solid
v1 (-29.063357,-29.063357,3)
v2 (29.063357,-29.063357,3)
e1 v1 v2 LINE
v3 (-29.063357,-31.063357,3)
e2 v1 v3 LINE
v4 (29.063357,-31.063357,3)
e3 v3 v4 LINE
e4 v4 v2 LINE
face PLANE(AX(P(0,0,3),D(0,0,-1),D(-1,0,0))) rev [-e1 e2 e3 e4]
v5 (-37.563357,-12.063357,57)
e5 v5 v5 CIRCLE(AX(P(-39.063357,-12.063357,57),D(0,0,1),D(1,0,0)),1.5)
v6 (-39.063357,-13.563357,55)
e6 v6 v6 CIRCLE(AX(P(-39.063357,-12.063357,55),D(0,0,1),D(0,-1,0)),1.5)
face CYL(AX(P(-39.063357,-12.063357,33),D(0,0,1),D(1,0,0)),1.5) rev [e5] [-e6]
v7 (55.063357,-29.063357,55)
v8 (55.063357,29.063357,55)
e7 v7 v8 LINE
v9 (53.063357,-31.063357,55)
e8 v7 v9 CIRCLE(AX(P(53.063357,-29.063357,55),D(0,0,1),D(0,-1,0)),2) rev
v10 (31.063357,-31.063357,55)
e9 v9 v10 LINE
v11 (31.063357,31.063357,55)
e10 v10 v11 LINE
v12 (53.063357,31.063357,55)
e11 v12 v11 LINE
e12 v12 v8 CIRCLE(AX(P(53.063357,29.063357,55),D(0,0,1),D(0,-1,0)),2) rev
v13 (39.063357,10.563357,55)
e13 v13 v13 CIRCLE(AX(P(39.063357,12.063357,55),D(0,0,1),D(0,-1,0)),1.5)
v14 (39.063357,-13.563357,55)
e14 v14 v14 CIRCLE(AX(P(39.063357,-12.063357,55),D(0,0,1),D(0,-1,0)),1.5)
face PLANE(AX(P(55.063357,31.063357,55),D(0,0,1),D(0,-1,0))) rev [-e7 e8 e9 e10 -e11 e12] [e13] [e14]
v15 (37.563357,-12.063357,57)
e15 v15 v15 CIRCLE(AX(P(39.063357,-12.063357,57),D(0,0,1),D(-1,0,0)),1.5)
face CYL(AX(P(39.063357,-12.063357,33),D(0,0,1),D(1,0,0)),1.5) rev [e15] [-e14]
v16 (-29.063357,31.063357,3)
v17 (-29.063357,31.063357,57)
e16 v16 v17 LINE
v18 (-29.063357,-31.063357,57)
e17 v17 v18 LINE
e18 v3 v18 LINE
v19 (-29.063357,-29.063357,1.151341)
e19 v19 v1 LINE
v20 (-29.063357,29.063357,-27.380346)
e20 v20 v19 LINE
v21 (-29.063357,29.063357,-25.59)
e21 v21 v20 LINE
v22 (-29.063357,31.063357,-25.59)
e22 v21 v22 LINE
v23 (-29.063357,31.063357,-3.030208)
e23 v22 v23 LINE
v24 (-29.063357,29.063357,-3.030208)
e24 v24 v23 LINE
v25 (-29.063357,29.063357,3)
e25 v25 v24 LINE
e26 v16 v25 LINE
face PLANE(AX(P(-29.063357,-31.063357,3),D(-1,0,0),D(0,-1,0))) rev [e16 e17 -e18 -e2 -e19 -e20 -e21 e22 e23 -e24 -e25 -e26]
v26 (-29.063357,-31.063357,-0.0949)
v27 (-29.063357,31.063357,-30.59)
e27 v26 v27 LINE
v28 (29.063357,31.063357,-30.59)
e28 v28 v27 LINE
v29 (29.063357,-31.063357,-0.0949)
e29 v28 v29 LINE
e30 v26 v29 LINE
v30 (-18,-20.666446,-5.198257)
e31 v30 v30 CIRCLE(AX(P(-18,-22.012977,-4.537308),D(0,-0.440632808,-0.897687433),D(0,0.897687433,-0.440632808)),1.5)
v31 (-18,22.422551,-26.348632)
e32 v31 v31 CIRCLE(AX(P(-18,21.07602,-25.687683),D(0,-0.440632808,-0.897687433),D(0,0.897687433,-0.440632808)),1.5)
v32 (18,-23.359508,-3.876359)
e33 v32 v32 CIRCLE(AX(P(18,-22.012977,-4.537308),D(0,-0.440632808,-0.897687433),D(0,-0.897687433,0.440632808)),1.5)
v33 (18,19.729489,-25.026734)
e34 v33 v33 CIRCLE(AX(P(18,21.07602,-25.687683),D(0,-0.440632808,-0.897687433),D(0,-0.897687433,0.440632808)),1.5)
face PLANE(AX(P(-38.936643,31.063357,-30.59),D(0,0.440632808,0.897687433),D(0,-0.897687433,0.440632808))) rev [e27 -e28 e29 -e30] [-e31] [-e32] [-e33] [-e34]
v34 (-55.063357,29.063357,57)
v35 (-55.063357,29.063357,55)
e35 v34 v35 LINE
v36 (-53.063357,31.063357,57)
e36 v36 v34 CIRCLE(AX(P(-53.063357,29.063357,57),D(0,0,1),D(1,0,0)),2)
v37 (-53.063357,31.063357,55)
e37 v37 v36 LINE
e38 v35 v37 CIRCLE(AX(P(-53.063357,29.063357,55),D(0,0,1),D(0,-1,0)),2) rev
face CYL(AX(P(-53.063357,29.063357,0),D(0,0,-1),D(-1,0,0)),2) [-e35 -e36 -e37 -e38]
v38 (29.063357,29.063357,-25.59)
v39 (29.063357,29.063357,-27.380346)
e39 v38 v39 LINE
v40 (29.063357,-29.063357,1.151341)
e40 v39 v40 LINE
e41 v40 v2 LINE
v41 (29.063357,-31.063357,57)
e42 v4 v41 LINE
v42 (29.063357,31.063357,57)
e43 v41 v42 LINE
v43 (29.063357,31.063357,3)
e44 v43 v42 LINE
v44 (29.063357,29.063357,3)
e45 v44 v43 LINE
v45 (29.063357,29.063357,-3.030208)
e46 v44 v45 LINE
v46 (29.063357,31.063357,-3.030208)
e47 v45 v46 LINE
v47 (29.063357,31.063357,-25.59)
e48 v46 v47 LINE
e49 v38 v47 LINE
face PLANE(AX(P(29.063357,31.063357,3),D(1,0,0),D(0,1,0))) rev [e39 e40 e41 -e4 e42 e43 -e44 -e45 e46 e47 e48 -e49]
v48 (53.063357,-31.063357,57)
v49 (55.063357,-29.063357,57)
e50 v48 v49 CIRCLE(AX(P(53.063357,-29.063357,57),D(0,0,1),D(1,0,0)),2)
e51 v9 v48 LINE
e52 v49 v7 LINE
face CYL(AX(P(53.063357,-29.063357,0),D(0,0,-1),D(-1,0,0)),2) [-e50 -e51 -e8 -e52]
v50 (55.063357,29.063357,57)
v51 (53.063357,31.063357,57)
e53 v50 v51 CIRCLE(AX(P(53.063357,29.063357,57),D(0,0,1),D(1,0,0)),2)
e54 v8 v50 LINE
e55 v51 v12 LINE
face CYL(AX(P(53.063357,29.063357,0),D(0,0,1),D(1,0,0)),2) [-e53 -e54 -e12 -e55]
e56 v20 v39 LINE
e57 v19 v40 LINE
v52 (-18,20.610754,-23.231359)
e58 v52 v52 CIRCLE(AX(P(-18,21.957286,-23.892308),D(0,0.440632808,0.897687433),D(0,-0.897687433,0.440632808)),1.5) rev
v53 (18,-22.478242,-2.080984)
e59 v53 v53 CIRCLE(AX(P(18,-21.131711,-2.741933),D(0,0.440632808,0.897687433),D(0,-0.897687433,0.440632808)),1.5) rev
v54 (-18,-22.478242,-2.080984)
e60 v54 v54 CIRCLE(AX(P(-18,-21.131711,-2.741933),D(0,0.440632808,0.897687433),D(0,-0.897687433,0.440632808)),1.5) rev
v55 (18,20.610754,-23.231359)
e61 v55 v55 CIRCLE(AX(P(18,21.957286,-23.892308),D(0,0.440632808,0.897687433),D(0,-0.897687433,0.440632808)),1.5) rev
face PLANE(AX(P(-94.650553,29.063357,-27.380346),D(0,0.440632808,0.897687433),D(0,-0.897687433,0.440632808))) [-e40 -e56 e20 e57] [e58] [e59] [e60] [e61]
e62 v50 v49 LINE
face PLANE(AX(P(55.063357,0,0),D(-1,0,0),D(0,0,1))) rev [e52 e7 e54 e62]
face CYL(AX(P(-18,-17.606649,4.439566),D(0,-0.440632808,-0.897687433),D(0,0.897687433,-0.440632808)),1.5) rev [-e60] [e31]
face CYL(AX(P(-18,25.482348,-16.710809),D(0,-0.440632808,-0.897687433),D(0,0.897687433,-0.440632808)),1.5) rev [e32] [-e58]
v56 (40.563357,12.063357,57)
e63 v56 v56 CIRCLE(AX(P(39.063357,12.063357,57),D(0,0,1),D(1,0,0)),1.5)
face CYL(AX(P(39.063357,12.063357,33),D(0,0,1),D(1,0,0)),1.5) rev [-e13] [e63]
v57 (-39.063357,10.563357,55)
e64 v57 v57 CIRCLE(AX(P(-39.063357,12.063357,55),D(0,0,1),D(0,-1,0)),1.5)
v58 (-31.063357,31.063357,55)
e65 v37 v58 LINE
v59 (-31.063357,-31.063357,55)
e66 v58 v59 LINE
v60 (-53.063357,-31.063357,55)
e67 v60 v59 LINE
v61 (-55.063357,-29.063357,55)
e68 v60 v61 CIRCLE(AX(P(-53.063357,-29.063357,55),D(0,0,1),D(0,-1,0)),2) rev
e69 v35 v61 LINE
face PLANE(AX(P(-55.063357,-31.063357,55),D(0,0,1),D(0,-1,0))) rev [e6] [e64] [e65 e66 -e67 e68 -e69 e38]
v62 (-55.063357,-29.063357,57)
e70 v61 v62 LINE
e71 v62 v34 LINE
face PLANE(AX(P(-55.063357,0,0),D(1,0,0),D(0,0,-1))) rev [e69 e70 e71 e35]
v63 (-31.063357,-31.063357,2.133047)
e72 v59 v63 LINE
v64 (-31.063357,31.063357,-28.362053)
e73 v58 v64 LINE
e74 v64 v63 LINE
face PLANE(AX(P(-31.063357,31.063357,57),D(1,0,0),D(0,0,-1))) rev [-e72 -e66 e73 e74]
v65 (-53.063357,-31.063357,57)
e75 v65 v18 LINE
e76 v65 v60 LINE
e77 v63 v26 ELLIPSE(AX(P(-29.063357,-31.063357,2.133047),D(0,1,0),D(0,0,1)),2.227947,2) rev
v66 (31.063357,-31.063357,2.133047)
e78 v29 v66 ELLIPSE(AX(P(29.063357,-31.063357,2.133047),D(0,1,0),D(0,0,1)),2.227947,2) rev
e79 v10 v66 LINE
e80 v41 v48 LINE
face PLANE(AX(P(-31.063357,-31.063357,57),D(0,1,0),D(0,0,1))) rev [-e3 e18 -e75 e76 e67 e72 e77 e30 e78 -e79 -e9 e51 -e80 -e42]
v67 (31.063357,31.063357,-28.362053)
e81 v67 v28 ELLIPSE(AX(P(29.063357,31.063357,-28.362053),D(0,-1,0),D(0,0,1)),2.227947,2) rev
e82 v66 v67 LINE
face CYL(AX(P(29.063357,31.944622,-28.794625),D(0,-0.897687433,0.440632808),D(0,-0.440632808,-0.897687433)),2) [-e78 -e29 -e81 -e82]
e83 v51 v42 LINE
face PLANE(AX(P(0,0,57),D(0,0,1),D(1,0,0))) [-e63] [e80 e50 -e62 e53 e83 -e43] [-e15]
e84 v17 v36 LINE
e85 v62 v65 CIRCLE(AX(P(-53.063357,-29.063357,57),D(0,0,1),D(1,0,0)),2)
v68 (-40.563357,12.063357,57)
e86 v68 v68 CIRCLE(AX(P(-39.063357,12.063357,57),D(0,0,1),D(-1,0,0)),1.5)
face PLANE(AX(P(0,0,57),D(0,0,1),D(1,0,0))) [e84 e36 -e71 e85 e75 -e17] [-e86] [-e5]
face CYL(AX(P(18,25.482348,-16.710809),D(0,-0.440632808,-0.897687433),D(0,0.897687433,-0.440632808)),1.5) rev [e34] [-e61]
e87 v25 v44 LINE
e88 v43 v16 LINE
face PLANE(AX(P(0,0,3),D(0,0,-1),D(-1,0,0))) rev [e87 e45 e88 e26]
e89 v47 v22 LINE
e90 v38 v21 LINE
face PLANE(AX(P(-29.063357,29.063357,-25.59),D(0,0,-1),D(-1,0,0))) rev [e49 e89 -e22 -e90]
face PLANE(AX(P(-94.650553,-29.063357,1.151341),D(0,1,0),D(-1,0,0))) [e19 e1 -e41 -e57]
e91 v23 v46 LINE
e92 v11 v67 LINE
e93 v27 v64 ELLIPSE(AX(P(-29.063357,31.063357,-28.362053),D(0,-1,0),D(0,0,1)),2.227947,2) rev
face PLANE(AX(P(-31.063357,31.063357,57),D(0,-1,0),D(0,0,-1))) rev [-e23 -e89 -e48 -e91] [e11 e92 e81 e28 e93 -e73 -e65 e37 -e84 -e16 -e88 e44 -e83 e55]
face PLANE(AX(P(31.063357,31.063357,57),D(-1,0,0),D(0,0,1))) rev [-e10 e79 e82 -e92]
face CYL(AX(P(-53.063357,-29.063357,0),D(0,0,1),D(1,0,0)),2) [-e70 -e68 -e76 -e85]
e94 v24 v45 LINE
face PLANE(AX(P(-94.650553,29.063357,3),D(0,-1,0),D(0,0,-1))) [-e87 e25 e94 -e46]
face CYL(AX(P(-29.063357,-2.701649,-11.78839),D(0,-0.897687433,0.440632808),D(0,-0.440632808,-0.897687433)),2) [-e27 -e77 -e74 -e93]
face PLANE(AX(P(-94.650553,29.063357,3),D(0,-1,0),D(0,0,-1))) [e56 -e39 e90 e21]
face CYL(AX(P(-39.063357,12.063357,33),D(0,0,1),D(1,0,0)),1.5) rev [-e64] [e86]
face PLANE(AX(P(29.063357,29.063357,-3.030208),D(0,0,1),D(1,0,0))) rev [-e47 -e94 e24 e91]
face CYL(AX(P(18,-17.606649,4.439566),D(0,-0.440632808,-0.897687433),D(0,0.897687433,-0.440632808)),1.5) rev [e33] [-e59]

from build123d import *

# Parameters (mm, degrees)
SKETCH_1_W           = 62.126713746
SKETCH_1_H           = 62.126713746
EXTRUDE_1_DEPTH      = 57
SKETCH_3_W           = 58.126713746
SKETCH_3_H           = 62.126713746
CUT_EXTRUDE_5_DEPTH  = 54
SKETCH_4_W           = 2
SKETCH_4_H           = 62.126713746
EXTRUDE_2_DEPTH      = 24
SKETCH_5_W           = 2
SKETCH_5_H           = 62.126713746
EXTRUDE_3_DEPTH      = 24
SKETCH_6_R           = 1.5
CUT_EXTRUDE_6_DEPTH  = 24
SKETCH_7_R           = 1.5
CUT_EXTRUDE_7_DEPTH  = 24
FILLET_3_R           = 2
FILLET_4_R           = 2
FILLET_5_R           = 2
FILLET_6_R           = 2
SKETCH_1_2_W         = 62.126713746
SKETCH_1_2_H         = 62.126713746
EXTRUDE_4_DEPTH      = 30.59
CUT_EXTRUDE_8_DEPTH  = 70
SKETCH_12_R          = 1.5
CUT_EXTRUDE_9_DEPTH  = 10
CUT_EXTRUDE_10_REACH = 108.26
SKETCH_15_W          = 58.126713746
SKETCH_15_H          = 22.559791582
CUT_EXTRUDE_11_DEPTH = 2
FILLET_7_R           = 2
FILLET_8_R           = 2


with BuildPart() as part:
    # 草图1 → 凸台-拉伸1 (new body)
    with BuildSketch(Plane.XY):
        Rectangle(SKETCH_1_W, SKETCH_1_H)
    extrude(amount=EXTRUDE_1_DEPTH)

    # 草图3 → 切除-拉伸5 (cut)
    with BuildSketch(Plane.XY.offset(57)):
        Rectangle(SKETCH_3_W, SKETCH_3_H)
    extrude(amount=-CUT_EXTRUDE_5_DEPTH, mode=Mode.SUBTRACT)

    # 草图4 → 凸台-拉伸2 (add)
    with BuildSketch(Plane(origin=(31.063356873, 0, 0), x_dir=(0, 0, -1), z_dir=(1, 0, 0))):
        with Locations((-56, 0)):
            Rectangle(SKETCH_4_W, SKETCH_4_H)
    extrude(amount=EXTRUDE_2_DEPTH)

    # 草图5 → 凸台-拉伸3 (add)
    with BuildSketch(Plane.ZY.offset(31.063356873)):
        with Locations((56, 0)):
            Rectangle(SKETCH_5_W, SKETCH_5_H)
    extrude(amount=EXTRUDE_3_DEPTH)

    # 草图6 → 切除-拉伸6 (cut)
    with BuildSketch(Plane.XY.offset(57)):
        with Locations((39.063356873, 12.063356873)):
            Circle(SKETCH_6_R)
        with Locations(Location((-39.063356873, 12.063356873, 0), (0, 0, 270))):
            Circle(SKETCH_6_R)
        with Locations(Location((39.063356873, -12.063356873, 0), (0, 0, 270))):
            Circle(SKETCH_6_R)
        with Locations((-39.063356873, -12.063356873)):
            Circle(SKETCH_6_R)
    extrude(amount=-CUT_EXTRUDE_6_DEPTH, mode=Mode.SUBTRACT)

    # 草图7 → 切除-拉伸7 (cut)
    with BuildSketch(Plane(origin=(0, 0, 0), x_dir=(-1, 0, 0), z_dir=(0, 0, -1))):
        with Locations((-18, 24)):
            Circle(SKETCH_7_R)
        with Locations((18, 24)):
            Circle(SKETCH_7_R)
        with Locations((18, -24)):
            Circle(SKETCH_7_R)
        with Locations((-18, -24)):
            Circle(SKETCH_7_R)
    extrude(amount=-CUT_EXTRUDE_7_DEPTH, mode=Mode.SUBTRACT)

    # 圆角3
    fillet_3_edges = [part.edges().sort_by_distance(p)[0] for p in [
        (55.063356873, -31.063356873, 56),
    ]]
    fillet(fillet_3_edges, radius=FILLET_3_R)

    # 圆角4
    fillet_4_edges = [part.edges().sort_by_distance(p)[0] for p in [
        (55.063356873, 31.063356873, 56),
    ]]
    fillet(fillet_4_edges, radius=FILLET_4_R)

    # 圆角5
    fillet_5_edges = [part.edges().sort_by_distance(p)[0] for p in [
        (-55.063356873, -31.063356873, 56),
    ]]
    fillet(fillet_5_edges, radius=FILLET_5_R)

    # 圆角6
    fillet_6_edges = [part.edges().sort_by_distance(p)[0] for p in [
        (-55.063356873, 31.063356873, 56),
    ]]
    fillet(fillet_6_edges, radius=FILLET_6_R)

    # 草图1<2> → 凸台-拉伸4 (add)
    with BuildSketch(Plane.XY):
        Rectangle(SKETCH_1_2_W, SKETCH_1_2_H)
    extrude(amount=-EXTRUDE_4_DEPTH)

    # 草图11 → 切除-拉伸8 (cut)
    with BuildSketch(Plane(origin=(31.063356873, 0, 0), x_dir=(0, 0, -1), z_dir=(1, 0, 0))):
        Polygon((30.59, 31.063356873), (0, -31.256692995), (30.59, -31.063356873), align=None)
    extrude(amount=-CUT_EXTRUDE_8_DEPTH, mode=Mode.SUBTRACT)

    # 草图12 → 切除-拉伸9 (cut)
    with BuildSketch(Plane(origin=(0, -6.068714237, -12.363601631), x_dir=(-1, 0, 0), z_dir=(0, -0.440632808345781, -0.8976874334696406))):
        with Locations(Location((18, -17.761485842, 0), (0, 0, 90))):
            Circle(SKETCH_12_R)
        with Locations(Location((-18, -17.761485842, 0), (0, 0, 270))):
            Circle(SKETCH_12_R)
        with Locations(Location((18, 30.238514158, 0), (0, 0, 90))):
            Circle(SKETCH_12_R)
        with Locations(Location((-18, 30.238514158, 0), (0, 0, 270))):
            Circle(SKETCH_12_R)
    extrude(amount=-CUT_EXTRUDE_9_DEPTH, mode=Mode.SUBTRACT)

    # 切除-拉伸10: up to this face of the body (flat: up to its plane)
    cut_extrude_10_end = Plane(part.part.faces().sort_by_distance((-29.063356873, 0, 30))[0])
    # 草图14 → 切除-拉伸10 (cut, up to the picked face)
    with BuildSketch(Plane.ZY.offset(-29.063356873), mode=Mode.PRIVATE) as cut_extrude_10_sk1:
        Polygon((3, -29.063356873), (3, 29.063356873), (-27.380346496, 29.063356873), (1.151340775, -29.063356873), align=None)
    cut_extrude_10_tool1 = split(extrude(cut_extrude_10_sk1.sketch, amount=CUT_EXTRUDE_10_REACH, mode=Mode.PRIVATE), bisect_by=cut_extrude_10_end, keep=Keep.BOTH, mode=Mode.PRIVATE)
    add(cut_extrude_10_tool1.solids().sort_by(Axis((29.063357, 8.576401, -7.162129), (-1, 0, 0)))[0], mode=Mode.SUBTRACT)

    # 草图15 → 切除-拉伸11 (cut)
    with BuildSketch(Plane(origin=(0, 31.063356873, 0), x_dir=(1, 0, 0), z_dir=(0, 1, 0))):
        with Locations((0, 14.310104209)):
            Rectangle(SKETCH_15_W, SKETCH_15_H)
    extrude(amount=-CUT_EXTRUDE_11_DEPTH, mode=Mode.SUBTRACT)

    # 圆角7
    fillet_7_edges = [part.edges().sort_by_distance(p)[0] for p in [
        (-31.063356873, 0, -15.342449833),
    ]]
    fillet(fillet_7_edges, radius=FILLET_7_R)

    # 圆角8
    fillet_8_edges = [part.edges().sort_by_distance(p)[0] for p in [
        (31.063356873, 0, -15.342449833),
    ]]
    fillet(fillet_8_edges, radius=FILLET_8_R)


solid = part.part
